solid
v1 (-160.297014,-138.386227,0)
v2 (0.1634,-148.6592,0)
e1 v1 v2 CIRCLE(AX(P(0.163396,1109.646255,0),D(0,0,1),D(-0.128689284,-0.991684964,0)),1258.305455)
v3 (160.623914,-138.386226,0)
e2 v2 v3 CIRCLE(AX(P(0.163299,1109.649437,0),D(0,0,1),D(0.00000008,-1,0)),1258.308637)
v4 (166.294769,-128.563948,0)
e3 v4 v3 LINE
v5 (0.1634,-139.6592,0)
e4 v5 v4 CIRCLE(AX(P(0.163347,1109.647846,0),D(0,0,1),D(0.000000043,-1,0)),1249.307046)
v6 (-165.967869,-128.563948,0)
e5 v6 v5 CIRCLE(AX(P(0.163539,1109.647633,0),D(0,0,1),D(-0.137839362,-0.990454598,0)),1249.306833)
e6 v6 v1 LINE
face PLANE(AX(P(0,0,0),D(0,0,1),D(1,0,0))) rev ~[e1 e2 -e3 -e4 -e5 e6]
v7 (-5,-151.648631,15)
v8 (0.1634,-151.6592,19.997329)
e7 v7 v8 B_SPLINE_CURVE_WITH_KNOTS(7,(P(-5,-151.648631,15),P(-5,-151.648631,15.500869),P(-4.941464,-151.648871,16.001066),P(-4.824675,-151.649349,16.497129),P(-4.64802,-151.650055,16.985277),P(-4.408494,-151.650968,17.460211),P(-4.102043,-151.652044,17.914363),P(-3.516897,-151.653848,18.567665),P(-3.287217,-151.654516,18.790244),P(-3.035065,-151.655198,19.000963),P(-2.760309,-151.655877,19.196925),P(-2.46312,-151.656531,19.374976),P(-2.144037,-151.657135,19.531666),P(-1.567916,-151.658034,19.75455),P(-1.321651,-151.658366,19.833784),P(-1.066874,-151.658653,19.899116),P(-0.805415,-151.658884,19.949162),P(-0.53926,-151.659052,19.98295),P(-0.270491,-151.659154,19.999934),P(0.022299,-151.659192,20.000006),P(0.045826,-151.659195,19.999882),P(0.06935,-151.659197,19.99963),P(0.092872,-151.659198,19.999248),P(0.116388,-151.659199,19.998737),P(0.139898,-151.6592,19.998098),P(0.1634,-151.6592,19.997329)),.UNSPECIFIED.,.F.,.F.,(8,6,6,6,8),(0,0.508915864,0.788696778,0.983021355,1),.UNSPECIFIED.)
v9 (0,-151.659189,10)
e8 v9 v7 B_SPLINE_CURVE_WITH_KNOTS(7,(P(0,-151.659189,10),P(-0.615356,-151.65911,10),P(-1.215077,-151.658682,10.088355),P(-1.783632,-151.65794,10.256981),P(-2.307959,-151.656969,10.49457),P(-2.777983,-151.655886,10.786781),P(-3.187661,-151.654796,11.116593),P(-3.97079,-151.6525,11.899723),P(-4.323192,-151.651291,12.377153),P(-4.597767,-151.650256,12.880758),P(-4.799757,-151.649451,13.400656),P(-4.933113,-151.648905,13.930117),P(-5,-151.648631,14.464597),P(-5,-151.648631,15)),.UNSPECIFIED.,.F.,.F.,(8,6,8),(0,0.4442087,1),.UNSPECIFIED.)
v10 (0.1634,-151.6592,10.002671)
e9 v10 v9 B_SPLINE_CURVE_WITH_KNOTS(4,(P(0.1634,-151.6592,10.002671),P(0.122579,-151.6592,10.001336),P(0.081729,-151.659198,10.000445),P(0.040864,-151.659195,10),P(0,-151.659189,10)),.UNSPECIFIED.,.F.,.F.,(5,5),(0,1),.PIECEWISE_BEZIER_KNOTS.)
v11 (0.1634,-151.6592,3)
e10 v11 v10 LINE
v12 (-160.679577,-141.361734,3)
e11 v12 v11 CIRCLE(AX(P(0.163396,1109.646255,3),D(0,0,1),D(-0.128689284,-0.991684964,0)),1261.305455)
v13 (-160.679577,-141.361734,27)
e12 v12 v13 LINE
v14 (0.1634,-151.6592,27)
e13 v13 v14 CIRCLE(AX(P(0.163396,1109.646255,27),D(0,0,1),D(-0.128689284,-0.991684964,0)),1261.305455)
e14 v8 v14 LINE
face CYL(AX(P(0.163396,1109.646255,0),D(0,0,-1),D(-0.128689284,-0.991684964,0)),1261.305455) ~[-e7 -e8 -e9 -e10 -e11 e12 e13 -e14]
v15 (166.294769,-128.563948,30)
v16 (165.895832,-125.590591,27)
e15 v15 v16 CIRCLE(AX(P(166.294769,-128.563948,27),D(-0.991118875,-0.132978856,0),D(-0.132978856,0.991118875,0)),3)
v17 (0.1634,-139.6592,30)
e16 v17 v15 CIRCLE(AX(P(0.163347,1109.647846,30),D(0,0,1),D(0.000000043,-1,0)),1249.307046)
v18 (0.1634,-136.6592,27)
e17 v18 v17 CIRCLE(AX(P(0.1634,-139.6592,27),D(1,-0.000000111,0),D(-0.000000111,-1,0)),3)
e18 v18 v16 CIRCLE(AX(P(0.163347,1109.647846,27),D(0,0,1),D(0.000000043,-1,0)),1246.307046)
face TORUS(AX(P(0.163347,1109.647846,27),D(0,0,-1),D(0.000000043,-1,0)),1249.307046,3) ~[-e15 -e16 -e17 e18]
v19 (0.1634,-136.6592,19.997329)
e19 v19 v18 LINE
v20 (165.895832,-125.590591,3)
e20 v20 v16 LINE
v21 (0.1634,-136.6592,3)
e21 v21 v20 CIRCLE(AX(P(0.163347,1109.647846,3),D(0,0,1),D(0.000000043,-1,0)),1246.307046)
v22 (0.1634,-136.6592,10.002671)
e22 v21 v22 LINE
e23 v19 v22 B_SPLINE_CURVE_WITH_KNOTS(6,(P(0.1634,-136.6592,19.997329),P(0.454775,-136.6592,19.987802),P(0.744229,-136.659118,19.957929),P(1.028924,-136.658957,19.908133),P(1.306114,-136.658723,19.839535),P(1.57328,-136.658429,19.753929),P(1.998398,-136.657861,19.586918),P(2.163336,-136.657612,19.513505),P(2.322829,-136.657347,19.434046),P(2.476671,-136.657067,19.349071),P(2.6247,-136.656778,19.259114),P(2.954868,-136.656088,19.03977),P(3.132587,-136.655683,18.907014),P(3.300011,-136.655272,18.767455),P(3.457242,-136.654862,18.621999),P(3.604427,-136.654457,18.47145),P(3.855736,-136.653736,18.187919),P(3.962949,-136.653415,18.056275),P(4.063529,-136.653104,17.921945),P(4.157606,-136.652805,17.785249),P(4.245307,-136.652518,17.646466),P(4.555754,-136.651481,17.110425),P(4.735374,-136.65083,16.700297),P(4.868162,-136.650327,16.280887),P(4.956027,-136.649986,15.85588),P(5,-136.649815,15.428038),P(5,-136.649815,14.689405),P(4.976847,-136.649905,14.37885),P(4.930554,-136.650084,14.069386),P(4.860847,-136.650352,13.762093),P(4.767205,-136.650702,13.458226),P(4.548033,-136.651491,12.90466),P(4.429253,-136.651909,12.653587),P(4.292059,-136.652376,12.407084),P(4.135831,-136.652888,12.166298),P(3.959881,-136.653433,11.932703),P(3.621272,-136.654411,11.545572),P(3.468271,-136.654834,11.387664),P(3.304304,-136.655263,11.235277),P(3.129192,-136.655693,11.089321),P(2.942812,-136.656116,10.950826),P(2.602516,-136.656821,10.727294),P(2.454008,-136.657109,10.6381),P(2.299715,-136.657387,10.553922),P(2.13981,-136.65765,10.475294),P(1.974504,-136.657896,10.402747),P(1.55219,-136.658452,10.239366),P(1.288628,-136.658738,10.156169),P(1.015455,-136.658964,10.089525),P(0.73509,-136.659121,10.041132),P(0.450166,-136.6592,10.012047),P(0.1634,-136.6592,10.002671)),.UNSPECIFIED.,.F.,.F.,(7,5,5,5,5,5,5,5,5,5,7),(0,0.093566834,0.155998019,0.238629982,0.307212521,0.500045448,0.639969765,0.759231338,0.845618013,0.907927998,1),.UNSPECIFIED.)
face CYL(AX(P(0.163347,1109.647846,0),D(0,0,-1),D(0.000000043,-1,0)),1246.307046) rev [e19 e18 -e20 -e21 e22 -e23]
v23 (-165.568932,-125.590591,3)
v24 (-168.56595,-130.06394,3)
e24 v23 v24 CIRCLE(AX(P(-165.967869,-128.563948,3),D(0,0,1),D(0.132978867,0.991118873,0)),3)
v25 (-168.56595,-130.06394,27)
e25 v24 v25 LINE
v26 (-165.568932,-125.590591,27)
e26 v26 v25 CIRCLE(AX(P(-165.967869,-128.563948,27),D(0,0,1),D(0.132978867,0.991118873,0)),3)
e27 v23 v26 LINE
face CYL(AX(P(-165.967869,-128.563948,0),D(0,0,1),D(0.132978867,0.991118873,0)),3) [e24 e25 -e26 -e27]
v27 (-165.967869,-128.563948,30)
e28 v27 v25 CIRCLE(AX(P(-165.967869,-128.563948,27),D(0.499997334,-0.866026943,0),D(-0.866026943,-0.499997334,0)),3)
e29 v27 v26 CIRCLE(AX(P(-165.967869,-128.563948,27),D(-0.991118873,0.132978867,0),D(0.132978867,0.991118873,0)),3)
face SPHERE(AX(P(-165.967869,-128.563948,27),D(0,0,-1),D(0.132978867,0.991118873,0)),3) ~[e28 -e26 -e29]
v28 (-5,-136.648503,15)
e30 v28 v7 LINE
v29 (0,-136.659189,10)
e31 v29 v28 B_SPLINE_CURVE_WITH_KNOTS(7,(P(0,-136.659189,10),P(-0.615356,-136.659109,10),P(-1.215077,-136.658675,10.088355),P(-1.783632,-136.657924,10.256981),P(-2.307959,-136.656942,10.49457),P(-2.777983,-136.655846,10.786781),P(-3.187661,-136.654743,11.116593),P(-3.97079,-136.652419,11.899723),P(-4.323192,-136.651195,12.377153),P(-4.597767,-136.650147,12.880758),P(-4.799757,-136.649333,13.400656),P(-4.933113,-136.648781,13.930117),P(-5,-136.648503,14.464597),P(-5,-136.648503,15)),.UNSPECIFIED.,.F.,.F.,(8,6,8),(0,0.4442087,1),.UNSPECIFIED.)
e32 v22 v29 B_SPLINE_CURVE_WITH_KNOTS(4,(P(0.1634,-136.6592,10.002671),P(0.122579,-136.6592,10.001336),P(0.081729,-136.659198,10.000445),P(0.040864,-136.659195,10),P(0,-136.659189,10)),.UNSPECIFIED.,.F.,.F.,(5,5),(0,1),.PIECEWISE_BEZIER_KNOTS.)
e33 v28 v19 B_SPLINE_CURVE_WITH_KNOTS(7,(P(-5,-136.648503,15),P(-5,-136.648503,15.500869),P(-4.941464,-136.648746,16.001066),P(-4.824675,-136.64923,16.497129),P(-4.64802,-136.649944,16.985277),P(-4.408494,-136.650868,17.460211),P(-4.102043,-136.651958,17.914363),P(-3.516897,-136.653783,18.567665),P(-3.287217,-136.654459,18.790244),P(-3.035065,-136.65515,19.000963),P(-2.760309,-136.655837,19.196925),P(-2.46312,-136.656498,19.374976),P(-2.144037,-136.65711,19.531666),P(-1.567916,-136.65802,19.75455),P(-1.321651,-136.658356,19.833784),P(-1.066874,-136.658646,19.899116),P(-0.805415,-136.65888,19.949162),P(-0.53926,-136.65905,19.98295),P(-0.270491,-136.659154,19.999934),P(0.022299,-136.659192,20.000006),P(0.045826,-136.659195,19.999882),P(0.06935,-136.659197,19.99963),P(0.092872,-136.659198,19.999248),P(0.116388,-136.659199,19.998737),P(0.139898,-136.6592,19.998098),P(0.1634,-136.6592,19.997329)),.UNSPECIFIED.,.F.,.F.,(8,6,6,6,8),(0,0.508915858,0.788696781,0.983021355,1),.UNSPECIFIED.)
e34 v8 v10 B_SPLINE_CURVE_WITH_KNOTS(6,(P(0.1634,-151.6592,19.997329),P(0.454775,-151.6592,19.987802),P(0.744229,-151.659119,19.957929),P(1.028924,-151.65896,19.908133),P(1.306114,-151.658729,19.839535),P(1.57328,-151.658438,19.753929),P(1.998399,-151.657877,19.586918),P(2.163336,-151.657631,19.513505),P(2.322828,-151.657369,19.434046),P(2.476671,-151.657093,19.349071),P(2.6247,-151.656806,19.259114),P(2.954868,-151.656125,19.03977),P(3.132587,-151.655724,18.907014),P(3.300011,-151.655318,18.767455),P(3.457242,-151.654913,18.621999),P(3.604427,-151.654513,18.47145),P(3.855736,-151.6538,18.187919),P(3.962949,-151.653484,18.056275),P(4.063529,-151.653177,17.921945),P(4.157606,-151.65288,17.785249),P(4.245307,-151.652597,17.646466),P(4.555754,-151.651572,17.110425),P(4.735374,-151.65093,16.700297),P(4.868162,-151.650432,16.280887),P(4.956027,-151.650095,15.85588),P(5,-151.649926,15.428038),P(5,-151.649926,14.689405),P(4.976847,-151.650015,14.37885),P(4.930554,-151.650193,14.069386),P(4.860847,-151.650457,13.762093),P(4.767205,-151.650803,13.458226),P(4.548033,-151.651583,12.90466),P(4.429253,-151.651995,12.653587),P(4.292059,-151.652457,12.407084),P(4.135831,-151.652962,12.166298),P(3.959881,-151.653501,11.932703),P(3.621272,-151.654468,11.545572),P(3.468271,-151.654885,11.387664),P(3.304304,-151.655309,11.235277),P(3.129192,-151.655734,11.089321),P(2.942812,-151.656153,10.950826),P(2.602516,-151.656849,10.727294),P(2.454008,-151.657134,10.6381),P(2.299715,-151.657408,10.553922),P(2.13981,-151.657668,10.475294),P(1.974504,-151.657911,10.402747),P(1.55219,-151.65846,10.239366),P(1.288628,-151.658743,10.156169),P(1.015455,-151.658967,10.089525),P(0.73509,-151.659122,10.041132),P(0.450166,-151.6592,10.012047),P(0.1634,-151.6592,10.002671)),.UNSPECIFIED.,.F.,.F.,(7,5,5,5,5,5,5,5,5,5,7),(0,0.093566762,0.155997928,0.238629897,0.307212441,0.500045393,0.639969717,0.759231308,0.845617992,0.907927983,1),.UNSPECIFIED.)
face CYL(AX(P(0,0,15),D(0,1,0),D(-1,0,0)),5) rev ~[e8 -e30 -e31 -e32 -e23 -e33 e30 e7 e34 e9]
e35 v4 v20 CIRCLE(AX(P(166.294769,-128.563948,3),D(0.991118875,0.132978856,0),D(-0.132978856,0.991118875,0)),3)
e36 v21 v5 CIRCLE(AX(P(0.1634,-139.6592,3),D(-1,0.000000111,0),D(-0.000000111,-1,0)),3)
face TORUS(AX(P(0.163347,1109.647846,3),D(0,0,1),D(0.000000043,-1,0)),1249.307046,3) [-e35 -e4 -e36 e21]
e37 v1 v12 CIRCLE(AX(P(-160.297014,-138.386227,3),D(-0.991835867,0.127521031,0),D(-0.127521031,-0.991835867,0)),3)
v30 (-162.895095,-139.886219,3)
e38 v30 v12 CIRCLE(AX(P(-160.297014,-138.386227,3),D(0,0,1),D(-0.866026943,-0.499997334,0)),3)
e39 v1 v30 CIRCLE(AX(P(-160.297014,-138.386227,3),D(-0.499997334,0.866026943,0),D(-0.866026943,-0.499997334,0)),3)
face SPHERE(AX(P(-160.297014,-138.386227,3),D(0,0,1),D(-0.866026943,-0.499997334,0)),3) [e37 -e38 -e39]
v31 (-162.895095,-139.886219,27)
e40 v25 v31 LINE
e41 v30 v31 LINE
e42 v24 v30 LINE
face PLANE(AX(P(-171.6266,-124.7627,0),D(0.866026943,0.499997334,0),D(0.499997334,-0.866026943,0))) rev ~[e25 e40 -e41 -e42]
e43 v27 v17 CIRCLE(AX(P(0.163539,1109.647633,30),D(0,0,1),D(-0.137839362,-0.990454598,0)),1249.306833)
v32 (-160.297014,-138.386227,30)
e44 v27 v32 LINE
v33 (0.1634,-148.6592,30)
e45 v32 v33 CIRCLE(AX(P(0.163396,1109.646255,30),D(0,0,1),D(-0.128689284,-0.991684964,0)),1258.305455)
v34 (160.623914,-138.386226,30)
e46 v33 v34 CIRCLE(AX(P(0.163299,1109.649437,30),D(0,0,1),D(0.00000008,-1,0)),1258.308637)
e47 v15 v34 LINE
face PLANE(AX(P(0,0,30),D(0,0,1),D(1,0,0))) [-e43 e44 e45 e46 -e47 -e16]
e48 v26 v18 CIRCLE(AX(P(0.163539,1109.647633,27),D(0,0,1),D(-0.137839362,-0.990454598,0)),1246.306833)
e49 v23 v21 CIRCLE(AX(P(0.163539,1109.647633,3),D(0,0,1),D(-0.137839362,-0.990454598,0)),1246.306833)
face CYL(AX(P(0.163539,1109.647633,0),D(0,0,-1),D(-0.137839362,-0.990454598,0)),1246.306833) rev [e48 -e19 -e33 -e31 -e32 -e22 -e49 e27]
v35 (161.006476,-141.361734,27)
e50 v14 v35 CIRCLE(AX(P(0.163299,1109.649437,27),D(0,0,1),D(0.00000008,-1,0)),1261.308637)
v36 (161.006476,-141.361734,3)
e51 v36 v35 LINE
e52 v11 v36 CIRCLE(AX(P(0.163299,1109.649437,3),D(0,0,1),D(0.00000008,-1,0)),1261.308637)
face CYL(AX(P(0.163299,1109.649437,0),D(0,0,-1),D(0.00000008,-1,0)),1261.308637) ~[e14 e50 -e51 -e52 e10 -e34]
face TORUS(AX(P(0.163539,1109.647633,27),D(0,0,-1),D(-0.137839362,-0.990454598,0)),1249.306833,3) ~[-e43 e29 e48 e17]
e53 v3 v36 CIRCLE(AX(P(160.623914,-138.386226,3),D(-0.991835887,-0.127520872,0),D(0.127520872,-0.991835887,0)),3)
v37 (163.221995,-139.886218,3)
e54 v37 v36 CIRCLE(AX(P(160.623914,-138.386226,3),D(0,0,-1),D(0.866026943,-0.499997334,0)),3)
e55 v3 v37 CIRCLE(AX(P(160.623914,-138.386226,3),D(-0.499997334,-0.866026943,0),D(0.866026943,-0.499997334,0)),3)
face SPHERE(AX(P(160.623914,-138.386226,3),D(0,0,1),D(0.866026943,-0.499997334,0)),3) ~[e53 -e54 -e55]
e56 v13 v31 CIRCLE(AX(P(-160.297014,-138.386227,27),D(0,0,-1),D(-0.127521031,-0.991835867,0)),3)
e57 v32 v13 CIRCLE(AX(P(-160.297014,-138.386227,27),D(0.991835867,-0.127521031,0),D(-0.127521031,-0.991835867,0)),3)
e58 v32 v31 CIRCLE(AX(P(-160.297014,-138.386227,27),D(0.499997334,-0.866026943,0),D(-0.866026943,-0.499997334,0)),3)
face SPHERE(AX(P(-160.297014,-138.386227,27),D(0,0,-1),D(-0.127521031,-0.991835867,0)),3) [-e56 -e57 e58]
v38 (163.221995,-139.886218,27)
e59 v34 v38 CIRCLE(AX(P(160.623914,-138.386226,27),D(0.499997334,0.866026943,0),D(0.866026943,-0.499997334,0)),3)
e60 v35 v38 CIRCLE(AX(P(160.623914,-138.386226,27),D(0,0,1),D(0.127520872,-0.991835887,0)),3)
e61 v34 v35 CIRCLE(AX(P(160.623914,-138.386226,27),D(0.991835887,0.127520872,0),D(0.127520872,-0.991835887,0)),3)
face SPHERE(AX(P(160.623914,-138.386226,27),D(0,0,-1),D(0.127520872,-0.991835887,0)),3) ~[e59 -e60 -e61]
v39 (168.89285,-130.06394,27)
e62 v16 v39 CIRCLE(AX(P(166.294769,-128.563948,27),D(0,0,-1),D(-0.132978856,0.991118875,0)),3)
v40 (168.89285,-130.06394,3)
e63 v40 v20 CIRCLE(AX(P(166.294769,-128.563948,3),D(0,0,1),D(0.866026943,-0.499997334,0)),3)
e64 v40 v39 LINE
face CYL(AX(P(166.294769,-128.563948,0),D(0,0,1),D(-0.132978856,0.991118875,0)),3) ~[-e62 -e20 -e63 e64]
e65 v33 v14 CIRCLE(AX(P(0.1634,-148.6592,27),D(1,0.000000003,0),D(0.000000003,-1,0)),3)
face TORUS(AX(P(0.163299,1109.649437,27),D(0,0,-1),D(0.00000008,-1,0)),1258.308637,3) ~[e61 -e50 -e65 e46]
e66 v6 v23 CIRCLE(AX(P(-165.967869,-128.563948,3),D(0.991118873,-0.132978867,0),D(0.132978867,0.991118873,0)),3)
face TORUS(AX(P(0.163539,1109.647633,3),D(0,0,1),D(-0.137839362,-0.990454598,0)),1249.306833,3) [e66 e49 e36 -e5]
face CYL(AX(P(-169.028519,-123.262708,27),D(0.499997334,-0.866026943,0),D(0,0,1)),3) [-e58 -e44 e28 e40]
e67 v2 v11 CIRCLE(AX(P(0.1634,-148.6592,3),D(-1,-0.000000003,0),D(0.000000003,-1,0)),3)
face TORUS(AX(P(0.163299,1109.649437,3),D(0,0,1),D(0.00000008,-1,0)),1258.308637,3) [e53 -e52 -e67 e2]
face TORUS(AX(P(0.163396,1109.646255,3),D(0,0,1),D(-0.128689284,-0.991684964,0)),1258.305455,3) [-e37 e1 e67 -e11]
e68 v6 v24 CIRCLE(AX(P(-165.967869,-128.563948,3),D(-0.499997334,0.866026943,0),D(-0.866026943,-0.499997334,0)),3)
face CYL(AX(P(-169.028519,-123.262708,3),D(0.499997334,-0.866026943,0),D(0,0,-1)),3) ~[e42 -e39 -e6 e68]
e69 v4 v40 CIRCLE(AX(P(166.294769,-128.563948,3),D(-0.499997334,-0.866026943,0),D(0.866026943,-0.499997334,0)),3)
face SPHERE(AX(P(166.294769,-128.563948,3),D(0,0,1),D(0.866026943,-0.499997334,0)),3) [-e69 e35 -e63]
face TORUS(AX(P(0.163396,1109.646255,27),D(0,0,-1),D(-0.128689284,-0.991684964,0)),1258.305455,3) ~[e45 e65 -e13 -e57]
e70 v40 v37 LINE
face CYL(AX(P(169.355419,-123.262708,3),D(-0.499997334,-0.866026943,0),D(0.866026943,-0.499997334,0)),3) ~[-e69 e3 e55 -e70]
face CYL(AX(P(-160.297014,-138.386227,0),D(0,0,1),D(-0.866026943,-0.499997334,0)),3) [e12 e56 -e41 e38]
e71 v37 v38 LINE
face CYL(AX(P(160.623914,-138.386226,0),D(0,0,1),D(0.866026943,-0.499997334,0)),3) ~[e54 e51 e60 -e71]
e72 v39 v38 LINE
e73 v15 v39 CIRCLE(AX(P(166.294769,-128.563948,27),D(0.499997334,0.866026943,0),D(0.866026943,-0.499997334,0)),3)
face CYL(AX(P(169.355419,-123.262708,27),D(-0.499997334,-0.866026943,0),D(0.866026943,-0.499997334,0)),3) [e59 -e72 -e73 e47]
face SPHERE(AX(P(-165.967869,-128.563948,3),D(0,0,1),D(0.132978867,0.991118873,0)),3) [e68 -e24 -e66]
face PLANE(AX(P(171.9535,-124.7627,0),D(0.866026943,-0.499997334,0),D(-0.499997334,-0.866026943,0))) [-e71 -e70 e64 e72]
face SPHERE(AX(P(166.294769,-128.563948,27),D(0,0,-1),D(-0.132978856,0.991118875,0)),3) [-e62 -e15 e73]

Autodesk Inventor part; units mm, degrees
ref_plane "YZ Plane" through (0, 0, 0) normal (1, 0, 0) x (0, 1, 0)
ref_plane "XZ Plane" through (0, 0, 0) normal (0, 1, 0) x (-1, 0, 0)
ref_plane "XY Plane" through (0, 0, 0) normal (0, 0, 1) x (1, 0, 0)
sketch "Sketch1" plane through (0, 0, 0) normal (0, 0, 1) x (1, 0, 0)
  arc A0 (0.1634, -151.6592) -> (162.48, -141.1714) centre (0.1634, 1109.6463) ccw
  arc A1 (0.1634, -136.6592) -> (171.9535, -124.7627) centre (0.1634, 1109.6463) ccw
  line L0 (171.9535, -124.7627) -> (162.48, -141.1714)
  line L1 (171.9535, -124.7627) -> (190.9007, -124.7627) construction
  line L2 (0.1634, -151.6592) -> (0.1634, -124.7627)
  arc A2 (-162.1531, -141.1714) -> (0.1634, -151.6592) centre (0.1634, 1109.6463) ccw
  arc A3 (-171.6266, -124.7627) -> (0.1634, -136.6592) centre (0.1634, 1109.6463) ccw
  line L3 (-171.6266, -124.7627) -> (-162.1531, -141.1714)
  point P0 (0, 0)
  dimension "d0" = 15
  dimension "d1" = 120
extrude "Extrusion1" add sketch "Sketch1" along normal blind 30
fillet "Fillet1" radius 3 12 edges at (-85.9373, -133.6816, 30) (81.4909, -149.0346, 30) (167.2167, -132.9671, 30) (171.9535, -124.7627, 15) (162.48, -141.1714, 15) (167.2167, -132.9671, 0) (-166.8899, -132.9671, 30) (-171.6266, -124.7627, 15) (86.2642, -133.6816, 0) (81.4909, -149.0346, 0) (-162.1531, -141.1714, 15) (-166.8899, -132.9671, 0)
sketch "Sketch2" plane through (0, 0, 0) normal (0, 1, 0) x (-1, 0, 0)
  line L0 (0, 0) -> (0, 15)
  circle A0 centre (0, 15) radius 5
  dimension "d5" = 15
  dimension "d6" = 10
extrude "Extrusion2" cut sketch "Sketch2" against normal blind 300
properties part number "LEAF 6" material "Steel, Carbon"
